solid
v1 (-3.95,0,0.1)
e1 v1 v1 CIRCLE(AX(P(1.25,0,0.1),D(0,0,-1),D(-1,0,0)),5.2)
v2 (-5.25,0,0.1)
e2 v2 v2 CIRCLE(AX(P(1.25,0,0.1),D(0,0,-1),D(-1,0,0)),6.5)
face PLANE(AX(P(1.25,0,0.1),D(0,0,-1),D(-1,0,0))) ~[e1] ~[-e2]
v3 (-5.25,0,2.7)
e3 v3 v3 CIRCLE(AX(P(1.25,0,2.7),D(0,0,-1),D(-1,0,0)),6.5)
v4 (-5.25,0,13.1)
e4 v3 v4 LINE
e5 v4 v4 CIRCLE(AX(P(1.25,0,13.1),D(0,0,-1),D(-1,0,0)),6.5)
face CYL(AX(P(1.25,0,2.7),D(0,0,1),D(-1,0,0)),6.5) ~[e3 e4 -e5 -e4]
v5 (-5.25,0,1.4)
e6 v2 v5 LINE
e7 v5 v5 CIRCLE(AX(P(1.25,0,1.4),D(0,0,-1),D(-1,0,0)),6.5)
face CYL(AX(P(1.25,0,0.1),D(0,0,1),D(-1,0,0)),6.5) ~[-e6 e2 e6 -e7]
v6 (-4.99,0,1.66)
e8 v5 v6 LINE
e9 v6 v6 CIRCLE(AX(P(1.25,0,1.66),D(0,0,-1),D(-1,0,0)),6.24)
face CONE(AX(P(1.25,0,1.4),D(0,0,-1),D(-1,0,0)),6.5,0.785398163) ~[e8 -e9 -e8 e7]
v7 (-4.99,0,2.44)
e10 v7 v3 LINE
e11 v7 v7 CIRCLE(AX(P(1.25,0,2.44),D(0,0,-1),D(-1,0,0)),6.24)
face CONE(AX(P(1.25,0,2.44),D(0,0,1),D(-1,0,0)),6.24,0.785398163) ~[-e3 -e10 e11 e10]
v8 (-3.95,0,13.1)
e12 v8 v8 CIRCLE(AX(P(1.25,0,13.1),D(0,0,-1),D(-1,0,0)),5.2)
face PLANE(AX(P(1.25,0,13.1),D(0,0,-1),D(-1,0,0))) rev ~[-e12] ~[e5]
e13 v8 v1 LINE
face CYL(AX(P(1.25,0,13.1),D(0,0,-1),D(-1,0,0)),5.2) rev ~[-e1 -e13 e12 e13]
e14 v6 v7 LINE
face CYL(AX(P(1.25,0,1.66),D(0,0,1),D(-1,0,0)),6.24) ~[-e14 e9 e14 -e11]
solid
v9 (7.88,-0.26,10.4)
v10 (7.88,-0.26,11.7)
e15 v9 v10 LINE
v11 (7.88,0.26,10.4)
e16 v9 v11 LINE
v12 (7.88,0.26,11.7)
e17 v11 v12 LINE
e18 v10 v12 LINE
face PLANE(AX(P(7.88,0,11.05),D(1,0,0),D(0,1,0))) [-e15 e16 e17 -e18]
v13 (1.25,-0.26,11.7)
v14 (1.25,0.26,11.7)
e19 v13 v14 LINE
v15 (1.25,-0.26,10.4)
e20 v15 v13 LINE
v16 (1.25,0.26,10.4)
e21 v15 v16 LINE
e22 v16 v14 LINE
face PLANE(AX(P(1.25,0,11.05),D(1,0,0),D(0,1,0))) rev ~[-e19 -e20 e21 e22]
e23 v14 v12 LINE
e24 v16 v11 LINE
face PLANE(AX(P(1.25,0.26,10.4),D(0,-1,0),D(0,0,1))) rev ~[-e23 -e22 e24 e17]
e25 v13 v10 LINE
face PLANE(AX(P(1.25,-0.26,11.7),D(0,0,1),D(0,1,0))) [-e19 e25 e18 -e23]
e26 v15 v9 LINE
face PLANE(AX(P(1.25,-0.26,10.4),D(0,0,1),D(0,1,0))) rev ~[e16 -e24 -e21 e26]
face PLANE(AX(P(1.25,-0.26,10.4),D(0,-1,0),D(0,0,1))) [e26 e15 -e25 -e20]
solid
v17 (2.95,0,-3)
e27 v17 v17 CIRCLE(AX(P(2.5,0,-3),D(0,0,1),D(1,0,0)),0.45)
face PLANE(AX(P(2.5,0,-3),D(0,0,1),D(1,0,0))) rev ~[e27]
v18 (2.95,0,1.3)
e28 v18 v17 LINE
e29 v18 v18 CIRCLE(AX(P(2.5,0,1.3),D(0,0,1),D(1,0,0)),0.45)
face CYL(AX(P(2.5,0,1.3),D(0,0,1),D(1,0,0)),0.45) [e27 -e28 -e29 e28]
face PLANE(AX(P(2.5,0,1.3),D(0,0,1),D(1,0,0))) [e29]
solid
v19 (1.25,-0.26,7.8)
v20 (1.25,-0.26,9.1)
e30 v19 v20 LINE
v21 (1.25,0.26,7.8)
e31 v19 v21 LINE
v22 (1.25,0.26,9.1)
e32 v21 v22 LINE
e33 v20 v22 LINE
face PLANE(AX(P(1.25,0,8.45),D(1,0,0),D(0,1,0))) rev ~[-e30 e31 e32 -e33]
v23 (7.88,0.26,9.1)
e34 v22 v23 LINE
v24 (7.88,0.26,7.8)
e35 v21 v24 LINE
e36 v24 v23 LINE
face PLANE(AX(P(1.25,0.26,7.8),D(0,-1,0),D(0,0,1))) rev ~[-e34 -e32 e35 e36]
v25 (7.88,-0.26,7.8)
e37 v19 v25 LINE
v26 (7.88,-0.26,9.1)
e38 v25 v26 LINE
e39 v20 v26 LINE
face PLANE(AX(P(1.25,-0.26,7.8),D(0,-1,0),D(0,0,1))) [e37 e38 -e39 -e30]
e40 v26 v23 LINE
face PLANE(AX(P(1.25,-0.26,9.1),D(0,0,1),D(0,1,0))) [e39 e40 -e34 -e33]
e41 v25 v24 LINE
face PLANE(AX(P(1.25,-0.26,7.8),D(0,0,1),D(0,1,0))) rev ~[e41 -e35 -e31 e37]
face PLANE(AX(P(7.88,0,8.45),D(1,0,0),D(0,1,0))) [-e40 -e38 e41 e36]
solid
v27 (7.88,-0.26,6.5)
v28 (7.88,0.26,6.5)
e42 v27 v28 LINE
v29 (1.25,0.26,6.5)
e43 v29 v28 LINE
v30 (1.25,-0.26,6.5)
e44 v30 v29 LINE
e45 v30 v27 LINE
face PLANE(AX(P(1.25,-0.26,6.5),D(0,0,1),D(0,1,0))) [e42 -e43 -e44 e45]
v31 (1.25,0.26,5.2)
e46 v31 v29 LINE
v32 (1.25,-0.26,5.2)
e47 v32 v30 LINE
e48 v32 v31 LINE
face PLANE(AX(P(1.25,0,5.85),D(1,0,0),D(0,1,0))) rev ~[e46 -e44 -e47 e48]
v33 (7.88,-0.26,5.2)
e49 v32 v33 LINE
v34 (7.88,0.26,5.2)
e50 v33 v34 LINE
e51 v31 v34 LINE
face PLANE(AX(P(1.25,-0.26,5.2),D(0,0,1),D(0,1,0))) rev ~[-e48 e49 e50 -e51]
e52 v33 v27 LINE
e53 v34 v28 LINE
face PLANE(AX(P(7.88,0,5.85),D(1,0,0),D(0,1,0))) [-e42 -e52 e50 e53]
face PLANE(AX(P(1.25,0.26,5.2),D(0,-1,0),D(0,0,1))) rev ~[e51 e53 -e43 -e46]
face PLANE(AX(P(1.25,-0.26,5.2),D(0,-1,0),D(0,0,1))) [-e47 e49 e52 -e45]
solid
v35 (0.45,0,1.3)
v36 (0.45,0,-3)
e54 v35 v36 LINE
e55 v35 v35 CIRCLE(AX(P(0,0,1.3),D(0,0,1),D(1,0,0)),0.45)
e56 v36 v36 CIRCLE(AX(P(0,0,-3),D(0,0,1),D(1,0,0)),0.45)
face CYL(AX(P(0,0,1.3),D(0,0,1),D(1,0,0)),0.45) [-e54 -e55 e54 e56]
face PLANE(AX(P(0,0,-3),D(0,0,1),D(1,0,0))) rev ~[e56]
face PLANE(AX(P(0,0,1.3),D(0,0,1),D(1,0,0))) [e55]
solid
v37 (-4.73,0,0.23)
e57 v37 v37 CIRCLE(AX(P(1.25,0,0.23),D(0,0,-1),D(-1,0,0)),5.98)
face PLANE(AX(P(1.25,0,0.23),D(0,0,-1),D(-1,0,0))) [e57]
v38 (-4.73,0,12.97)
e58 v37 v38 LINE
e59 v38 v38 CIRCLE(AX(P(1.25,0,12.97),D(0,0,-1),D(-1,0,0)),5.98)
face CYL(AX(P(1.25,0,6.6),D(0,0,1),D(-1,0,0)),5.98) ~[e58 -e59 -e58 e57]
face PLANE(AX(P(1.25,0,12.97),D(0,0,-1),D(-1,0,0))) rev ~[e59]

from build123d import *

# Parameters (mm, degrees)
SKETCH002_W  = 5.98
SKETCH002_H  = 12.74
SKETCH003_R  = 0.45
PAD_DEPTH    = 4.3
SKETCH004_W  = 0.52
SKETCH004_H  = 1.3
PAD001_DEPTH = 6.63


with BuildPart() as revolution:
    # Sketch → Revolution (revolve)
    with BuildSketch(Plane.XZ):
        Polygon((-5.25, 0.1), (-5.25, 1.4), (-4.99, 1.66), (-4.99, 2.44), (-5.25, 2.7), (-5.25, 13.1), (-3.95, 13.1), (-3.95, 0.1), align=None)
    revolve(axis=Axis((1.25, 0, 7.548619), (0, 0, -1)))


with BuildPart() as revolution001:
    # Sketch002 → Revolution001 (revolve)
    with BuildSketch(Plane.XZ):
        with Locations((-1.74, 6.6)):
            Rectangle(SKETCH002_W, SKETCH002_H)
    revolve(axis=Axis((1.25, 0, 4.680116), (0, 0, -1)))


with BuildPart() as pad:
    # Sketch003 → Pad (new body)
    with BuildSketch(Plane.XY.offset(1.3)):
        Circle(SKETCH003_R)
        with Locations((2.5, 0)):
            Circle(SKETCH003_R)
    extrude(amount=-PAD_DEPTH)


with BuildPart() as pad001:
    # Sketch004 → Pad001 (new body)
    with BuildSketch(Plane.YZ.offset(1.25)):
        with Locations((0, 5.85)):
            Rectangle(SKETCH004_W, SKETCH004_H)
        with Locations((0, 8.45)):
            Rectangle(SKETCH004_W, SKETCH004_H)
        with Locations((0, 11.05)):
            Rectangle(SKETCH004_W, SKETCH004_H)
    extrude(amount=PAD001_DEPTH)


solid = Compound([revolution.part, revolution001.part, pad.part, pad001.part])
